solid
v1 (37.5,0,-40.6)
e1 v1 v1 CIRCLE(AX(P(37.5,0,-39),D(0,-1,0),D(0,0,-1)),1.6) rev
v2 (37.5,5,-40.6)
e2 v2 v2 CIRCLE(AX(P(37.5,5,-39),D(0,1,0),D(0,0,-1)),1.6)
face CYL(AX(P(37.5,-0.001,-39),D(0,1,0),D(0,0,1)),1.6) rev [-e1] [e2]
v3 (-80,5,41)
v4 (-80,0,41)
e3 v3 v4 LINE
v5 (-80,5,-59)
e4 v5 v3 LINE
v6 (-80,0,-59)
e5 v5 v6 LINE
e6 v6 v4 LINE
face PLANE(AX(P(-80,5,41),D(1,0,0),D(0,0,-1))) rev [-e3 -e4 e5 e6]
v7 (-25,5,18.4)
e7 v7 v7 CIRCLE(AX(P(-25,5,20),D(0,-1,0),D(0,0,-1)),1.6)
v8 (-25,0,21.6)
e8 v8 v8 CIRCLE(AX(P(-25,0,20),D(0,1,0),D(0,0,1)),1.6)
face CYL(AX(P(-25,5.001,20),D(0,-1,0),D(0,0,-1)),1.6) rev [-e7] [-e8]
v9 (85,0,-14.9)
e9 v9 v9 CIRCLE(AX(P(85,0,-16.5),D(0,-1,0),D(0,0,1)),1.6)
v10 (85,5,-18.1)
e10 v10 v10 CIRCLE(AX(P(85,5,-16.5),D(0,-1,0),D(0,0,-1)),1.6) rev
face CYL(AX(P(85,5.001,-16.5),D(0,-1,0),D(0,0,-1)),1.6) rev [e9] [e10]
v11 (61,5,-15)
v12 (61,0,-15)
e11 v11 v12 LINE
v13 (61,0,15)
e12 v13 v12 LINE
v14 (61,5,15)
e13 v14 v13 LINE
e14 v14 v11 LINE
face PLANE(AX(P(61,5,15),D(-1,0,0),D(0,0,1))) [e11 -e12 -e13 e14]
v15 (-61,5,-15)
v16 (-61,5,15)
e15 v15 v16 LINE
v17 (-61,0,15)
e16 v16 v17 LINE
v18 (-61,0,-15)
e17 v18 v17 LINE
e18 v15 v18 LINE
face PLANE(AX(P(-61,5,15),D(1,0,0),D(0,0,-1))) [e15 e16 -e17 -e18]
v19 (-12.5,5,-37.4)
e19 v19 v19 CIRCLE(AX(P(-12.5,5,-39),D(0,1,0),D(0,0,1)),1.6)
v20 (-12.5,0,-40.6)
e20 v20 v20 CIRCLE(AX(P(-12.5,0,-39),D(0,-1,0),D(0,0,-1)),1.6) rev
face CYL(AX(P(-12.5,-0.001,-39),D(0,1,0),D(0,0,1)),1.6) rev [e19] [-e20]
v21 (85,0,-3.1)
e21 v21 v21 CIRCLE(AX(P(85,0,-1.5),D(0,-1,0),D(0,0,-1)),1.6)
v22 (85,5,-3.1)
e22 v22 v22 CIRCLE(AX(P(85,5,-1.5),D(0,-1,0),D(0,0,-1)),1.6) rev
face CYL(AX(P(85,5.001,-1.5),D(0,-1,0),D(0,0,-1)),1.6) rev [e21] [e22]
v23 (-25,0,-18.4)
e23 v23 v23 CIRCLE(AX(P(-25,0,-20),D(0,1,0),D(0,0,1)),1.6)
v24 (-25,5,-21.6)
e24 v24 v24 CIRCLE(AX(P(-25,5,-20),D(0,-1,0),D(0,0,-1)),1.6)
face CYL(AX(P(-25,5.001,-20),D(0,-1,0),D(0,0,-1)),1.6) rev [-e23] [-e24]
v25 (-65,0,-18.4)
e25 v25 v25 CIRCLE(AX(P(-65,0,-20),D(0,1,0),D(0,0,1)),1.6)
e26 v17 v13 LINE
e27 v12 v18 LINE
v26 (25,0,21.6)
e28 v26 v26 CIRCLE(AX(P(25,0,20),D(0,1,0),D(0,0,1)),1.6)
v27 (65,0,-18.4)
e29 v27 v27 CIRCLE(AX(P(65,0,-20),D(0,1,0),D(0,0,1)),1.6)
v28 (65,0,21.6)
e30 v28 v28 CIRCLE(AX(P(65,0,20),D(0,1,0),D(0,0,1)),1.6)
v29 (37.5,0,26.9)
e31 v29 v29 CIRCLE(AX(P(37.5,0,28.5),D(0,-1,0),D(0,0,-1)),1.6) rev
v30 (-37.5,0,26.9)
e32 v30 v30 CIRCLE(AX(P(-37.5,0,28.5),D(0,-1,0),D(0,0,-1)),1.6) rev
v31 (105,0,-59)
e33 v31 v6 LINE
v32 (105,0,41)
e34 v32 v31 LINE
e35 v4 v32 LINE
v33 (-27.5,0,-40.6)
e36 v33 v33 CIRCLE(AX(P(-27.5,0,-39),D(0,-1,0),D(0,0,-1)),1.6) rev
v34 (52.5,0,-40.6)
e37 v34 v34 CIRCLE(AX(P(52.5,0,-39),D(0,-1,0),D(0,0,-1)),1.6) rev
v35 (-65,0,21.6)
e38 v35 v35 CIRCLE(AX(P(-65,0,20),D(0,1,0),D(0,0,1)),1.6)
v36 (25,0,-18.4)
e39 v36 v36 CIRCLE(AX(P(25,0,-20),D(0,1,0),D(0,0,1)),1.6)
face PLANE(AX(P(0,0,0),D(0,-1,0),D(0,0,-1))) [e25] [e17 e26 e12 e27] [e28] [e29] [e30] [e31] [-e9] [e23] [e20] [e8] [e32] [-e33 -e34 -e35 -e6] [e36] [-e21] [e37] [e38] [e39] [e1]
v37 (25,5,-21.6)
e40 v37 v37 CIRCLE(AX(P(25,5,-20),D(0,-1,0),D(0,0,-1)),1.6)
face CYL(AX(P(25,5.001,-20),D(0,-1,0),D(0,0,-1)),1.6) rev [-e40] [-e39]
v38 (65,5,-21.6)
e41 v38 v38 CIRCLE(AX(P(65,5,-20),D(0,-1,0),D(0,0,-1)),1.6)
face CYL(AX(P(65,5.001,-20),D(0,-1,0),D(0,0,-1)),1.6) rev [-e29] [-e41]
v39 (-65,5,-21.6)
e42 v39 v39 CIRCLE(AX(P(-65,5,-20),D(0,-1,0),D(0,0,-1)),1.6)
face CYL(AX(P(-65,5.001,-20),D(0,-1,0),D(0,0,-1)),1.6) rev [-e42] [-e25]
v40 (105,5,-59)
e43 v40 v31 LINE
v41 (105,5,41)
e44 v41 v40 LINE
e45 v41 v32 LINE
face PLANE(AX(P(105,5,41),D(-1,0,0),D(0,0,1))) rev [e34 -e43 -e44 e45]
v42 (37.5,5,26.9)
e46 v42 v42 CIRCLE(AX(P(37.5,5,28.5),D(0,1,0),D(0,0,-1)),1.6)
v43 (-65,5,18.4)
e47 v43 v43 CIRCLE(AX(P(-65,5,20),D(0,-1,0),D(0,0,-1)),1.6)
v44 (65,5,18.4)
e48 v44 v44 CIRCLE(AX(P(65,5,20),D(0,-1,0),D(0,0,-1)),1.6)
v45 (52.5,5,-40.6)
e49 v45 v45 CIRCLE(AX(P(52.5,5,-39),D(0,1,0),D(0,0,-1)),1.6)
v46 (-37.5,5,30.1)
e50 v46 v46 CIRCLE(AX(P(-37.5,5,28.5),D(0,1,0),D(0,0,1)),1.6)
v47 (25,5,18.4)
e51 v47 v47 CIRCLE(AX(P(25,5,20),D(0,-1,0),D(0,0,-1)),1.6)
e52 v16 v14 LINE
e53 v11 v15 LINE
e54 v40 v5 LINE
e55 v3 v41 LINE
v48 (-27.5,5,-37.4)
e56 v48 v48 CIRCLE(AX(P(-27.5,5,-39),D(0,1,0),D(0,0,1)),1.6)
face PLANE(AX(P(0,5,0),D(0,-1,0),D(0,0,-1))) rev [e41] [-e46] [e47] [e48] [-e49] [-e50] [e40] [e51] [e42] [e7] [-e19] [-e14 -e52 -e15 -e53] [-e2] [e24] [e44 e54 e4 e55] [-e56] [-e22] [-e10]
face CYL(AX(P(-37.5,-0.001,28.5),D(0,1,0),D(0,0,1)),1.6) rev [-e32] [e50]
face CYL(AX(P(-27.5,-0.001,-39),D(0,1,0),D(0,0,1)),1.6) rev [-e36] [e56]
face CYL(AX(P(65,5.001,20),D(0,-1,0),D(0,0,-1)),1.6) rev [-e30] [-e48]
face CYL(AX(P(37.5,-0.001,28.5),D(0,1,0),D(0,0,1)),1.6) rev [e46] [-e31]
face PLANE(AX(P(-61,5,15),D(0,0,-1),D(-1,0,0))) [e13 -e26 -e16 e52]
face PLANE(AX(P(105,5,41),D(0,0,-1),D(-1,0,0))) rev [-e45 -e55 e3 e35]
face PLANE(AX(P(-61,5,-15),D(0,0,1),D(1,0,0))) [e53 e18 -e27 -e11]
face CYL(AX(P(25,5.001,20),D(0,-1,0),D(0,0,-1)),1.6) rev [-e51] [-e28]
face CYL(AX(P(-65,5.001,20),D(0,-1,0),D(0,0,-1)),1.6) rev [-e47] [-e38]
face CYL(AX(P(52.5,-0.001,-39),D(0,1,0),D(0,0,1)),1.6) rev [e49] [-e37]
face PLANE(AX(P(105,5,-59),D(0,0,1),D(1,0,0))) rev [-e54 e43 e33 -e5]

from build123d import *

# Parameters (mm, degrees)
SKETCH1_W           = 185
SKETCH1_H           = 100
SKETCH1_W_2         = 122
SKETCH1_H_2         = 30
BOSS_EXTRUDE1_DEPTH = 5
CUT_EXTRUDE2_REACH  = 7
SKETCH2_R           = 1.6
CUT_EXTRUDE3_REACH  = 7
SKETCH3_R           = 1.6
CUT_EXTRUDE4_REACH  = 7
SKETCH4_R           = 1.6
CUT_EXTRUDE5_REACH  = 7
SKETCH5_R           = 1.6


with BuildPart() as part:
    # Sketch1 → Boss-Extrude1 (new body)
    with BuildSketch(Plane(origin=(0, 0, 0), x_dir=(1, 0, 0), z_dir=(0, 1, 0))):
        with Locations((12.5, 9)):
            Rectangle(SKETCH1_W, SKETCH1_H)
        Rectangle(SKETCH1_W_2, SKETCH1_H_2, mode=Mode.SUBTRACT)
    extrude(amount=BOSS_EXTRUDE1_DEPTH)

    # Sketch2 → Cut-Extrude2 (cut, up to next)
    with BuildSketch(Plane(origin=(0, 0, 0), x_dir=(1, 0, 0), z_dir=(0, 1, 0)), mode=Mode.PRIVATE) as cut_extrude2_sk1:
        with Locations((-25, 20)):
            Circle(SKETCH2_R)
    cut_extrude2_tool1 = extrude(cut_extrude2_sk1.sketch, amount=CUT_EXTRUDE2_REACH, mode=Mode.PRIVATE) & part.part
    add(cut_extrude2_tool1.solids().sort_by_distance((-25, 0, -20))[0], mode=Mode.SUBTRACT)
    # Sketch2 → Cut-Extrude2 (cut, up to next)
    with BuildSketch(Plane(origin=(0, 0, 0), x_dir=(1, 0, 0), z_dir=(0, 1, 0)), mode=Mode.PRIVATE) as cut_extrude2_sk2:
        with Locations((25, 20)):
            Circle(SKETCH2_R)
    cut_extrude2_tool2 = extrude(cut_extrude2_sk2.sketch, amount=CUT_EXTRUDE2_REACH, mode=Mode.PRIVATE) & part.part
    add(cut_extrude2_tool2.solids().sort_by_distance((25, 0, -20))[0], mode=Mode.SUBTRACT)
    # Sketch2 → Cut-Extrude2 (cut, up to next)
    with BuildSketch(Plane(origin=(0, 0, 0), x_dir=(1, 0, 0), z_dir=(0, 1, 0)), mode=Mode.PRIVATE) as cut_extrude2_sk3:
        with Locations((25, -20)):
            Circle(SKETCH2_R)
    cut_extrude2_tool3 = extrude(cut_extrude2_sk3.sketch, amount=CUT_EXTRUDE2_REACH, mode=Mode.PRIVATE) & part.part
    add(cut_extrude2_tool3.solids().sort_by_distance((25, 0, 20))[0], mode=Mode.SUBTRACT)
    # Sketch2 → Cut-Extrude2 (cut, up to next)
    with BuildSketch(Plane(origin=(0, 0, 0), x_dir=(1, 0, 0), z_dir=(0, 1, 0)), mode=Mode.PRIVATE) as cut_extrude2_sk4:
        with Locations((-25, -20)):
            Circle(SKETCH2_R)
    cut_extrude2_tool4 = extrude(cut_extrude2_sk4.sketch, amount=CUT_EXTRUDE2_REACH, mode=Mode.PRIVATE) & part.part
    add(cut_extrude2_tool4.solids().sort_by_distance((-25, 0, 20))[0], mode=Mode.SUBTRACT)
    # Sketch2 → Cut-Extrude2 (cut, up to next)
    with BuildSketch(Plane(origin=(0, 0, 0), x_dir=(1, 0, 0), z_dir=(0, 1, 0)), mode=Mode.PRIVATE) as cut_extrude2_sk5:
        with Locations((-65, 20)):
            Circle(SKETCH2_R)
    cut_extrude2_tool5 = extrude(cut_extrude2_sk5.sketch, amount=CUT_EXTRUDE2_REACH, mode=Mode.PRIVATE) & part.part
    add(cut_extrude2_tool5.solids().sort_by_distance((-65, 0, -20))[0], mode=Mode.SUBTRACT)
    # Sketch2 → Cut-Extrude2 (cut, up to next)
    with BuildSketch(Plane(origin=(0, 0, 0), x_dir=(1, 0, 0), z_dir=(0, 1, 0)), mode=Mode.PRIVATE) as cut_extrude2_sk6:
        with Locations((65, 20)):
            Circle(SKETCH2_R)
    cut_extrude2_tool6 = extrude(cut_extrude2_sk6.sketch, amount=CUT_EXTRUDE2_REACH, mode=Mode.PRIVATE) & part.part
    add(cut_extrude2_tool6.solids().sort_by_distance((65, 0, -20))[0], mode=Mode.SUBTRACT)
    # Sketch2 → Cut-Extrude2 (cut, up to next)
    with BuildSketch(Plane(origin=(0, 0, 0), x_dir=(1, 0, 0), z_dir=(0, 1, 0)), mode=Mode.PRIVATE) as cut_extrude2_sk7:
        with Locations((65, -20)):
            Circle(SKETCH2_R)
    cut_extrude2_tool7 = extrude(cut_extrude2_sk7.sketch, amount=CUT_EXTRUDE2_REACH, mode=Mode.PRIVATE) & part.part
    add(cut_extrude2_tool7.solids().sort_by_distance((65, 0, 20))[0], mode=Mode.SUBTRACT)
    # Sketch2 → Cut-Extrude2 (cut, up to next)
    with BuildSketch(Plane(origin=(0, 0, 0), x_dir=(1, 0, 0), z_dir=(0, 1, 0)), mode=Mode.PRIVATE) as cut_extrude2_sk8:
        with Locations((-65, -20)):
            Circle(SKETCH2_R)
    cut_extrude2_tool8 = extrude(cut_extrude2_sk8.sketch, amount=CUT_EXTRUDE2_REACH, mode=Mode.PRIVATE) & part.part
    add(cut_extrude2_tool8.solids().sort_by_distance((-65, 0, 20))[0], mode=Mode.SUBTRACT)

    # Sketch3 → Cut-Extrude3 (cut, up to next)
    with BuildSketch(Plane(origin=(0, 5, 0), x_dir=(1, 0, 0), z_dir=(0, 1, 0)), mode=Mode.PRIVATE) as cut_extrude3_sk1:
        with Locations((-27.5, 39)):
            Circle(SKETCH3_R)
    cut_extrude3_tool1 = extrude(cut_extrude3_sk1.sketch, amount=-CUT_EXTRUDE3_REACH, mode=Mode.PRIVATE) & part.part
    add(cut_extrude3_tool1.solids().sort_by_distance((-27.5, 5, -39))[0], mode=Mode.SUBTRACT)
    # Sketch3 → Cut-Extrude3 (cut, up to next)
    with BuildSketch(Plane(origin=(0, 5, 0), x_dir=(1, 0, 0), z_dir=(0, 1, 0)), mode=Mode.PRIVATE) as cut_extrude3_sk2:
        with Locations((-12.5, 39)):
            Circle(SKETCH3_R)
    cut_extrude3_tool2 = extrude(cut_extrude3_sk2.sketch, amount=-CUT_EXTRUDE3_REACH, mode=Mode.PRIVATE) & part.part
    add(cut_extrude3_tool2.solids().sort_by_distance((-12.5, 5, -39))[0], mode=Mode.SUBTRACT)
    # Sketch3 → Cut-Extrude3 (cut, up to next)
    with BuildSketch(Plane(origin=(0, 5, 0), x_dir=(1, 0, 0), z_dir=(0, 1, 0)), mode=Mode.PRIVATE) as cut_extrude3_sk3:
        with Locations((37.5, 39)):
            Circle(SKETCH3_R)
    cut_extrude3_tool3 = extrude(cut_extrude3_sk3.sketch, amount=-CUT_EXTRUDE3_REACH, mode=Mode.PRIVATE) & part.part
    add(cut_extrude3_tool3.solids().sort_by_distance((37.5, 5, -39))[0], mode=Mode.SUBTRACT)
    # Sketch3 → Cut-Extrude3 (cut, up to next)
    with BuildSketch(Plane(origin=(0, 5, 0), x_dir=(1, 0, 0), z_dir=(0, 1, 0)), mode=Mode.PRIVATE) as cut_extrude3_sk4:
        with Locations((52.5, 39)):
            Circle(SKETCH3_R)
    cut_extrude3_tool4 = extrude(cut_extrude3_sk4.sketch, amount=-CUT_EXTRUDE3_REACH, mode=Mode.PRIVATE) & part.part
    add(cut_extrude3_tool4.solids().sort_by_distance((52.5, 5, -39))[0], mode=Mode.SUBTRACT)

    # Sketch4 → Cut-Extrude4 (cut, up to next)
    with BuildSketch(Plane(origin=(0, 5, 0), x_dir=(1, 0, 0), z_dir=(0, 1, 0)), mode=Mode.PRIVATE) as cut_extrude4_sk1:
        with Locations((-37.5, -28.5)):
            Circle(SKETCH4_R)
    cut_extrude4_tool1 = extrude(cut_extrude4_sk1.sketch, amount=-CUT_EXTRUDE4_REACH, mode=Mode.PRIVATE) & part.part
    add(cut_extrude4_tool1.solids().sort_by_distance((-37.5, 5, 28.5))[0], mode=Mode.SUBTRACT)
    # Sketch4 → Cut-Extrude4 (cut, up to next)
    with BuildSketch(Plane(origin=(0, 5, 0), x_dir=(1, 0, 0), z_dir=(0, 1, 0)), mode=Mode.PRIVATE) as cut_extrude4_sk2:
        with Locations((37.5, -28.5)):
            Circle(SKETCH4_R)
    cut_extrude4_tool2 = extrude(cut_extrude4_sk2.sketch, amount=-CUT_EXTRUDE4_REACH, mode=Mode.PRIVATE) & part.part
    add(cut_extrude4_tool2.solids().sort_by_distance((37.5, 5, 28.5))[0], mode=Mode.SUBTRACT)

    # Sketch5 → Cut-Extrude5 (cut, up to next)
    with BuildSketch(Plane.XZ, mode=Mode.PRIVATE) as cut_extrude5_sk1:
        with Locations((85, -1.5)):
            Circle(SKETCH5_R)
    cut_extrude5_tool1 = extrude(cut_extrude5_sk1.sketch, amount=-CUT_EXTRUDE5_REACH, mode=Mode.PRIVATE) & part.part
    add(cut_extrude5_tool1.solids().sort_by_distance((85, 0, -1.5))[0], mode=Mode.SUBTRACT)
    # Sketch5 → Cut-Extrude5 (cut, up to next)
    with BuildSketch(Plane.XZ, mode=Mode.PRIVATE) as cut_extrude5_sk2:
        with Locations((85, -16.5)):
            Circle(SKETCH5_R)
    cut_extrude5_tool2 = extrude(cut_extrude5_sk2.sketch, amount=-CUT_EXTRUDE5_REACH, mode=Mode.PRIVATE) & part.part
    add(cut_extrude5_tool2.solids().sort_by_distance((85, 0, -16.5))[0], mode=Mode.SUBTRACT)


solid = part.part
